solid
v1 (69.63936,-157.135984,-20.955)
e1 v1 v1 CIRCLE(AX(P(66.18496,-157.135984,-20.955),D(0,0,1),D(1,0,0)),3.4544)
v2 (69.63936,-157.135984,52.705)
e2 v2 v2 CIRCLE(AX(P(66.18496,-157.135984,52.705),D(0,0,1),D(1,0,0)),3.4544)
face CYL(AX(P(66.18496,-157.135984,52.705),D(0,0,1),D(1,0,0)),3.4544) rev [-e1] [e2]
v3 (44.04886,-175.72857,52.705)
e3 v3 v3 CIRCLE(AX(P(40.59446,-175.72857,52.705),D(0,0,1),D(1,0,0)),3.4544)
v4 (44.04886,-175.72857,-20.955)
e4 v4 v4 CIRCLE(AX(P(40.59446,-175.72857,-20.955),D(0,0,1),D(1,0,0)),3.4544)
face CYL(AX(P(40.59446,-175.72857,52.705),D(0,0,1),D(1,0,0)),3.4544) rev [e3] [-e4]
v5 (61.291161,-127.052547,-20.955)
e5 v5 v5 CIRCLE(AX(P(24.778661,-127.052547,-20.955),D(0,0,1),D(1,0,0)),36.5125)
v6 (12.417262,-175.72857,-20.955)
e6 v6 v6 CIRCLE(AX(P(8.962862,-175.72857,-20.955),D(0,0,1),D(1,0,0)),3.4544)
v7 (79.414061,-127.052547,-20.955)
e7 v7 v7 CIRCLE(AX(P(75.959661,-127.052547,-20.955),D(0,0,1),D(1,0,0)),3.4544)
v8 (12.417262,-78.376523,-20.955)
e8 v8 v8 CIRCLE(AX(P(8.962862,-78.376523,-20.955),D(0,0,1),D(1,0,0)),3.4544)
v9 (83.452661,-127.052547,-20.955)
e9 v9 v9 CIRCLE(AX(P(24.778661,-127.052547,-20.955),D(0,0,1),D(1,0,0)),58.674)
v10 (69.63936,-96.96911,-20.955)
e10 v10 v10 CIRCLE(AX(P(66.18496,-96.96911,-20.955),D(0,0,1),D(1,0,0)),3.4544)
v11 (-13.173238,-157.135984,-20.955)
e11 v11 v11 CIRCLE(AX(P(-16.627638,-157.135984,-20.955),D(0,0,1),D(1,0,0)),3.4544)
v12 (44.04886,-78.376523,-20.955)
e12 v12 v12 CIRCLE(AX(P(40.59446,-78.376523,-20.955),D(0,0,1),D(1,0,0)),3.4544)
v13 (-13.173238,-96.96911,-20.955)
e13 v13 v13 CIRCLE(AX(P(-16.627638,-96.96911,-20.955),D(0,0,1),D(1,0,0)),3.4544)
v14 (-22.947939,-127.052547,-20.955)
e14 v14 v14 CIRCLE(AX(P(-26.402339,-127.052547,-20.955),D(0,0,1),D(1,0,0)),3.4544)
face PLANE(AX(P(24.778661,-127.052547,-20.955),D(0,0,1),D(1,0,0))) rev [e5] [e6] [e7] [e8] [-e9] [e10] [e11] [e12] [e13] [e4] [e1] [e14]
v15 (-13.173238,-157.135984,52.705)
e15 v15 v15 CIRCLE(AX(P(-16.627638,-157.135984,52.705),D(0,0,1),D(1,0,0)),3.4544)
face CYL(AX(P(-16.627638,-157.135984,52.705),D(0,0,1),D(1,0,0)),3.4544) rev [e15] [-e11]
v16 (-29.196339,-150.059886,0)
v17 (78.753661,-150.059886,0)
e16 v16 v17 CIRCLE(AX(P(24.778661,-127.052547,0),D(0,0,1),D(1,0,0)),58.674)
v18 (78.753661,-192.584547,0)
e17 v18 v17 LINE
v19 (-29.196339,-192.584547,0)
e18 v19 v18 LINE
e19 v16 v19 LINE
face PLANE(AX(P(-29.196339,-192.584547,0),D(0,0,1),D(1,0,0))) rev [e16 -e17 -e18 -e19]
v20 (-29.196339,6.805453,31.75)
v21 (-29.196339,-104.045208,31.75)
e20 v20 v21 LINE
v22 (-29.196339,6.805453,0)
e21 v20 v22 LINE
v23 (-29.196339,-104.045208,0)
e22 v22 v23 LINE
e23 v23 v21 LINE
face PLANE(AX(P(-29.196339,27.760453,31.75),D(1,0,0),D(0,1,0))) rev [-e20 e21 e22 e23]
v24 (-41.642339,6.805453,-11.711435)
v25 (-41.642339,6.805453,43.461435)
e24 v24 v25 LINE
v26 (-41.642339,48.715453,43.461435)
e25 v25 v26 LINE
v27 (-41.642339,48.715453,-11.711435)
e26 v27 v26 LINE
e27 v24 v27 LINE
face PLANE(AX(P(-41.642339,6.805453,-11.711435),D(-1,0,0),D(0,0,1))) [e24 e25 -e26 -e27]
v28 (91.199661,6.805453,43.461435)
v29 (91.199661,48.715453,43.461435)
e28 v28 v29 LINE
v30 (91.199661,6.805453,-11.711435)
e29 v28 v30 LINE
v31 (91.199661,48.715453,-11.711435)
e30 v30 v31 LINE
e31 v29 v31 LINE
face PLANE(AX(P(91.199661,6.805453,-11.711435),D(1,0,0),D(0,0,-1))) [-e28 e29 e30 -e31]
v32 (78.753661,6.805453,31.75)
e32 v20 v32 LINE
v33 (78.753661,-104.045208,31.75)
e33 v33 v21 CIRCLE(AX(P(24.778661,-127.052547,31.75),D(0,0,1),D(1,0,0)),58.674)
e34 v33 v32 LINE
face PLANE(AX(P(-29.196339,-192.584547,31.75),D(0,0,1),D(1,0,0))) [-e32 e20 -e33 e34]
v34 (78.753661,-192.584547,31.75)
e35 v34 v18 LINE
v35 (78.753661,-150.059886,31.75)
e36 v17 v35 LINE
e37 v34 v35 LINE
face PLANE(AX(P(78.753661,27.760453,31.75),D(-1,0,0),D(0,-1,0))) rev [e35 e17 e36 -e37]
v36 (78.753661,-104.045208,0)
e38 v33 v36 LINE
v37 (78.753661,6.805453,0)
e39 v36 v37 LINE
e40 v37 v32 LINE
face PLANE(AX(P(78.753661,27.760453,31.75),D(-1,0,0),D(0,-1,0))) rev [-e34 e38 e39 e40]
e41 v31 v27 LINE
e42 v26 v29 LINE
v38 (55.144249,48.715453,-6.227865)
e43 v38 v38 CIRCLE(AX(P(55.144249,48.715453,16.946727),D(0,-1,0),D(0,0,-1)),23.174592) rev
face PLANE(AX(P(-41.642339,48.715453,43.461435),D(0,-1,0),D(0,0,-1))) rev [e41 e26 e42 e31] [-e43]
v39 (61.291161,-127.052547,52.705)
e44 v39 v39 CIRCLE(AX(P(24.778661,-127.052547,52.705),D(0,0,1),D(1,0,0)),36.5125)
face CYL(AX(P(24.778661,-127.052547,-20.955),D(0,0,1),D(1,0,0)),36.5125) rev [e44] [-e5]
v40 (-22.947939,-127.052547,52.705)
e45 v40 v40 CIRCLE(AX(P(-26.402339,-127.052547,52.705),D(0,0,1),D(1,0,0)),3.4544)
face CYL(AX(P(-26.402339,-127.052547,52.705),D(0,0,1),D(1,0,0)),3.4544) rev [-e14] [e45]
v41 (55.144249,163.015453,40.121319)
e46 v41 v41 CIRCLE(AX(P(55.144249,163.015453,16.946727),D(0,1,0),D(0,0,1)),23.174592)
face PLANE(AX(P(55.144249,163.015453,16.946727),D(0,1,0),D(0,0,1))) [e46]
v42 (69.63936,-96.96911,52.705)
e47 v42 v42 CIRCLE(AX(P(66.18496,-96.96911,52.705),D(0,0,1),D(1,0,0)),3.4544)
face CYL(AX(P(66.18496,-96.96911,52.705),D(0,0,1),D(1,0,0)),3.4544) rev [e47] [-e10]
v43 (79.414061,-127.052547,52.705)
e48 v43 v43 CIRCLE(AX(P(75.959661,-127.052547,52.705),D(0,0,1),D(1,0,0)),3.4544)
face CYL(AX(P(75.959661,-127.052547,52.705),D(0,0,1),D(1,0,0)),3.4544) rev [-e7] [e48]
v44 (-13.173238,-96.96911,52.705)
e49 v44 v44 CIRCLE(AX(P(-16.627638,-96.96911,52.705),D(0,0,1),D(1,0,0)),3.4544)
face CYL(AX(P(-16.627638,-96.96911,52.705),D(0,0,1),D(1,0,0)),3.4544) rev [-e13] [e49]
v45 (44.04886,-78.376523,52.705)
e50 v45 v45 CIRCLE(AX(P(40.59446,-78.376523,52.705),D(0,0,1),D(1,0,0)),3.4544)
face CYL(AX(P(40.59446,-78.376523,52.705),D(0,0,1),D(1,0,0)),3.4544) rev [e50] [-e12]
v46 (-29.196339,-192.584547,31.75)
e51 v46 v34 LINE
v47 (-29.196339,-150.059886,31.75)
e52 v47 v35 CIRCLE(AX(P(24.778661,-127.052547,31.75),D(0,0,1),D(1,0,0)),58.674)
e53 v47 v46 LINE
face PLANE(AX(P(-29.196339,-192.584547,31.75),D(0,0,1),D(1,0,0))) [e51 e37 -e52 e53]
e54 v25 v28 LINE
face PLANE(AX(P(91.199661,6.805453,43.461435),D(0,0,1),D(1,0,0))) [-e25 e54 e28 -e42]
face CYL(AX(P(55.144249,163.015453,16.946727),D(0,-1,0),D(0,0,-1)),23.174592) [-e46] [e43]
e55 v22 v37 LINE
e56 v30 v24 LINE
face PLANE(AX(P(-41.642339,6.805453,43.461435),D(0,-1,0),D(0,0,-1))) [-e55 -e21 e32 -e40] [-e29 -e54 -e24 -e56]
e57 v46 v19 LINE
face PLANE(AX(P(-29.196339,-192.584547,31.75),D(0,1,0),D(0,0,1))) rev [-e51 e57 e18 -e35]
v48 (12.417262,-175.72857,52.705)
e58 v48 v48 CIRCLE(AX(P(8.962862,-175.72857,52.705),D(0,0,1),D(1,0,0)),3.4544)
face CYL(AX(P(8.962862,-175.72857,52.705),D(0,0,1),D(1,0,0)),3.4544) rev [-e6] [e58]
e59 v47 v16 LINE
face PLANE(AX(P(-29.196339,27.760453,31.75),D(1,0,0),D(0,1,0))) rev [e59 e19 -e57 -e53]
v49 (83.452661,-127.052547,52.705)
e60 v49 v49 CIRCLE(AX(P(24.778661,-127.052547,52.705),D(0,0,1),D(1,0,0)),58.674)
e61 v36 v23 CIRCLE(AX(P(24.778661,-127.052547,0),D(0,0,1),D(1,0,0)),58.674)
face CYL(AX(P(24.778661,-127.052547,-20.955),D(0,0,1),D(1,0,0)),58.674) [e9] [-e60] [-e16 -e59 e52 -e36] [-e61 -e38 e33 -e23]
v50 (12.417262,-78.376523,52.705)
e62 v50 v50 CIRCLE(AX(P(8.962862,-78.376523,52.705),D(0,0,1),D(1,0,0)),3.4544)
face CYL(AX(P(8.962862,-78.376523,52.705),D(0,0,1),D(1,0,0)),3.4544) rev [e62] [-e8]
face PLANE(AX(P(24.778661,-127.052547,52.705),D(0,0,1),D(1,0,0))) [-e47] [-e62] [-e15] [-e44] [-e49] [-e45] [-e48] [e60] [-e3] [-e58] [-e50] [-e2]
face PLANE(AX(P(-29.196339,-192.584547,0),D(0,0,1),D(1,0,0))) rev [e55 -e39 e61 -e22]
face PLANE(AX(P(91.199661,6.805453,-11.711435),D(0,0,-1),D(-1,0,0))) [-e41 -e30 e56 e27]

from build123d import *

# Parameters (mm, degrees)
SKETCH1_W                = 107.95
SKETCH1_H                = 220.345
EXTRUDE1_DEPTH           = 31.75
EXTRUDE2_DEPTH           = 20.955
EXTRUDE2_DEPTH_BACK      = 52.705
SKETCH2_R                = 58.674
SKETCH3_R                = 36.5125
EXTRUDE3_DEPTH           = 223.438643032
F_5_16_24_TAPPED_HOLE1_D = 6.9088
CIRPATTERN1_COUNT        = 10
EXTRUDE4_DEPTH           = 20.955
EXTRUDE4_DEPTH_BACK      = 20.955
SKETCH7_W                = 132.842
SKETCH7_H                = 55.172869126
SKETCH8_R                = 23.174591889
EXTRUDE5_DEPTH           = 114.3


with BuildPart() as part:
    # Sketch1 → Extrude1 (new body)
    with BuildSketch(Plane.XY):
        with Locations((24.778661236, -82.412046749)):
            Rectangle(SKETCH1_W, SKETCH1_H)
    extrude(amount=EXTRUDE1_DEPTH)

    # Sketch2 → Extrude2 (add, two sides: drawn at the far end of the back side and taken through both)
    with BuildSketch(Plane.XY.offset(31.75).offset(-EXTRUDE2_DEPTH_BACK)):
        with Locations((24.778661236, -127.052546749)):
            Circle(SKETCH2_R)
    extrude(amount=EXTRUDE2_DEPTH + EXTRUDE2_DEPTH_BACK)

    # Sketch3 → Extrude3 (cut, through all)
    with BuildSketch(Plane.XY.offset(52.705)):
        with Locations((24.778661236, -127.052546749)):
            Circle(SKETCH3_R)
    extrude(amount=-EXTRUDE3_DEPTH, mode=Mode.SUBTRACT)

    # 5/16-24 Tapped Hole1 (through all)
    with Locations(Plane.XY.offset(52.705)):
        with Locations((8.962862447, -78.376523189)):
            f_5_16_24_tapped_hole1 = Hole(F_5_16_24_TAPPED_HOLE1_D / 2)

    # CirPattern1: 5/16-24 Tapped Hole1 ×10 about axis
    cirpattern1_axis = Axis((24.778661236, -127.052546749, 0), (0, 0, 1))
    for i in range(1, CIRPATTERN1_COUNT):
        add(f_5_16_24_tapped_hole1.rotate(cirpattern1_axis, i * 360 / CIRPATTERN1_COUNT), mode=Mode.SUBTRACT)

    # Sketch7 → Extrude4 (add, two sides: drawn at the far end of the back side and taken through both)
    with BuildSketch(Plane(origin=(0, 27.760453251, 0), x_dir=(1, 0, 0), z_dir=(0, 1, 0)).offset(-EXTRUDE4_DEPTH_BACK)):
        with Locations((24.778661236, -15.875)):
            Rectangle(SKETCH7_W, SKETCH7_H)
    extrude(amount=EXTRUDE4_DEPTH + EXTRUDE4_DEPTH_BACK)

    # Sketch8 → Extrude5 (add)
    with BuildSketch(Plane(origin=(0, 48.715453251, 0), x_dir=(1, 0, 0), z_dir=(0, 1, 0))):
        with Locations(Location((55.144248721, -16.946726617, 0), (0, 0, 90))):
            Circle(SKETCH8_R)
    extrude(amount=EXTRUDE5_DEPTH)


solid = part.part
